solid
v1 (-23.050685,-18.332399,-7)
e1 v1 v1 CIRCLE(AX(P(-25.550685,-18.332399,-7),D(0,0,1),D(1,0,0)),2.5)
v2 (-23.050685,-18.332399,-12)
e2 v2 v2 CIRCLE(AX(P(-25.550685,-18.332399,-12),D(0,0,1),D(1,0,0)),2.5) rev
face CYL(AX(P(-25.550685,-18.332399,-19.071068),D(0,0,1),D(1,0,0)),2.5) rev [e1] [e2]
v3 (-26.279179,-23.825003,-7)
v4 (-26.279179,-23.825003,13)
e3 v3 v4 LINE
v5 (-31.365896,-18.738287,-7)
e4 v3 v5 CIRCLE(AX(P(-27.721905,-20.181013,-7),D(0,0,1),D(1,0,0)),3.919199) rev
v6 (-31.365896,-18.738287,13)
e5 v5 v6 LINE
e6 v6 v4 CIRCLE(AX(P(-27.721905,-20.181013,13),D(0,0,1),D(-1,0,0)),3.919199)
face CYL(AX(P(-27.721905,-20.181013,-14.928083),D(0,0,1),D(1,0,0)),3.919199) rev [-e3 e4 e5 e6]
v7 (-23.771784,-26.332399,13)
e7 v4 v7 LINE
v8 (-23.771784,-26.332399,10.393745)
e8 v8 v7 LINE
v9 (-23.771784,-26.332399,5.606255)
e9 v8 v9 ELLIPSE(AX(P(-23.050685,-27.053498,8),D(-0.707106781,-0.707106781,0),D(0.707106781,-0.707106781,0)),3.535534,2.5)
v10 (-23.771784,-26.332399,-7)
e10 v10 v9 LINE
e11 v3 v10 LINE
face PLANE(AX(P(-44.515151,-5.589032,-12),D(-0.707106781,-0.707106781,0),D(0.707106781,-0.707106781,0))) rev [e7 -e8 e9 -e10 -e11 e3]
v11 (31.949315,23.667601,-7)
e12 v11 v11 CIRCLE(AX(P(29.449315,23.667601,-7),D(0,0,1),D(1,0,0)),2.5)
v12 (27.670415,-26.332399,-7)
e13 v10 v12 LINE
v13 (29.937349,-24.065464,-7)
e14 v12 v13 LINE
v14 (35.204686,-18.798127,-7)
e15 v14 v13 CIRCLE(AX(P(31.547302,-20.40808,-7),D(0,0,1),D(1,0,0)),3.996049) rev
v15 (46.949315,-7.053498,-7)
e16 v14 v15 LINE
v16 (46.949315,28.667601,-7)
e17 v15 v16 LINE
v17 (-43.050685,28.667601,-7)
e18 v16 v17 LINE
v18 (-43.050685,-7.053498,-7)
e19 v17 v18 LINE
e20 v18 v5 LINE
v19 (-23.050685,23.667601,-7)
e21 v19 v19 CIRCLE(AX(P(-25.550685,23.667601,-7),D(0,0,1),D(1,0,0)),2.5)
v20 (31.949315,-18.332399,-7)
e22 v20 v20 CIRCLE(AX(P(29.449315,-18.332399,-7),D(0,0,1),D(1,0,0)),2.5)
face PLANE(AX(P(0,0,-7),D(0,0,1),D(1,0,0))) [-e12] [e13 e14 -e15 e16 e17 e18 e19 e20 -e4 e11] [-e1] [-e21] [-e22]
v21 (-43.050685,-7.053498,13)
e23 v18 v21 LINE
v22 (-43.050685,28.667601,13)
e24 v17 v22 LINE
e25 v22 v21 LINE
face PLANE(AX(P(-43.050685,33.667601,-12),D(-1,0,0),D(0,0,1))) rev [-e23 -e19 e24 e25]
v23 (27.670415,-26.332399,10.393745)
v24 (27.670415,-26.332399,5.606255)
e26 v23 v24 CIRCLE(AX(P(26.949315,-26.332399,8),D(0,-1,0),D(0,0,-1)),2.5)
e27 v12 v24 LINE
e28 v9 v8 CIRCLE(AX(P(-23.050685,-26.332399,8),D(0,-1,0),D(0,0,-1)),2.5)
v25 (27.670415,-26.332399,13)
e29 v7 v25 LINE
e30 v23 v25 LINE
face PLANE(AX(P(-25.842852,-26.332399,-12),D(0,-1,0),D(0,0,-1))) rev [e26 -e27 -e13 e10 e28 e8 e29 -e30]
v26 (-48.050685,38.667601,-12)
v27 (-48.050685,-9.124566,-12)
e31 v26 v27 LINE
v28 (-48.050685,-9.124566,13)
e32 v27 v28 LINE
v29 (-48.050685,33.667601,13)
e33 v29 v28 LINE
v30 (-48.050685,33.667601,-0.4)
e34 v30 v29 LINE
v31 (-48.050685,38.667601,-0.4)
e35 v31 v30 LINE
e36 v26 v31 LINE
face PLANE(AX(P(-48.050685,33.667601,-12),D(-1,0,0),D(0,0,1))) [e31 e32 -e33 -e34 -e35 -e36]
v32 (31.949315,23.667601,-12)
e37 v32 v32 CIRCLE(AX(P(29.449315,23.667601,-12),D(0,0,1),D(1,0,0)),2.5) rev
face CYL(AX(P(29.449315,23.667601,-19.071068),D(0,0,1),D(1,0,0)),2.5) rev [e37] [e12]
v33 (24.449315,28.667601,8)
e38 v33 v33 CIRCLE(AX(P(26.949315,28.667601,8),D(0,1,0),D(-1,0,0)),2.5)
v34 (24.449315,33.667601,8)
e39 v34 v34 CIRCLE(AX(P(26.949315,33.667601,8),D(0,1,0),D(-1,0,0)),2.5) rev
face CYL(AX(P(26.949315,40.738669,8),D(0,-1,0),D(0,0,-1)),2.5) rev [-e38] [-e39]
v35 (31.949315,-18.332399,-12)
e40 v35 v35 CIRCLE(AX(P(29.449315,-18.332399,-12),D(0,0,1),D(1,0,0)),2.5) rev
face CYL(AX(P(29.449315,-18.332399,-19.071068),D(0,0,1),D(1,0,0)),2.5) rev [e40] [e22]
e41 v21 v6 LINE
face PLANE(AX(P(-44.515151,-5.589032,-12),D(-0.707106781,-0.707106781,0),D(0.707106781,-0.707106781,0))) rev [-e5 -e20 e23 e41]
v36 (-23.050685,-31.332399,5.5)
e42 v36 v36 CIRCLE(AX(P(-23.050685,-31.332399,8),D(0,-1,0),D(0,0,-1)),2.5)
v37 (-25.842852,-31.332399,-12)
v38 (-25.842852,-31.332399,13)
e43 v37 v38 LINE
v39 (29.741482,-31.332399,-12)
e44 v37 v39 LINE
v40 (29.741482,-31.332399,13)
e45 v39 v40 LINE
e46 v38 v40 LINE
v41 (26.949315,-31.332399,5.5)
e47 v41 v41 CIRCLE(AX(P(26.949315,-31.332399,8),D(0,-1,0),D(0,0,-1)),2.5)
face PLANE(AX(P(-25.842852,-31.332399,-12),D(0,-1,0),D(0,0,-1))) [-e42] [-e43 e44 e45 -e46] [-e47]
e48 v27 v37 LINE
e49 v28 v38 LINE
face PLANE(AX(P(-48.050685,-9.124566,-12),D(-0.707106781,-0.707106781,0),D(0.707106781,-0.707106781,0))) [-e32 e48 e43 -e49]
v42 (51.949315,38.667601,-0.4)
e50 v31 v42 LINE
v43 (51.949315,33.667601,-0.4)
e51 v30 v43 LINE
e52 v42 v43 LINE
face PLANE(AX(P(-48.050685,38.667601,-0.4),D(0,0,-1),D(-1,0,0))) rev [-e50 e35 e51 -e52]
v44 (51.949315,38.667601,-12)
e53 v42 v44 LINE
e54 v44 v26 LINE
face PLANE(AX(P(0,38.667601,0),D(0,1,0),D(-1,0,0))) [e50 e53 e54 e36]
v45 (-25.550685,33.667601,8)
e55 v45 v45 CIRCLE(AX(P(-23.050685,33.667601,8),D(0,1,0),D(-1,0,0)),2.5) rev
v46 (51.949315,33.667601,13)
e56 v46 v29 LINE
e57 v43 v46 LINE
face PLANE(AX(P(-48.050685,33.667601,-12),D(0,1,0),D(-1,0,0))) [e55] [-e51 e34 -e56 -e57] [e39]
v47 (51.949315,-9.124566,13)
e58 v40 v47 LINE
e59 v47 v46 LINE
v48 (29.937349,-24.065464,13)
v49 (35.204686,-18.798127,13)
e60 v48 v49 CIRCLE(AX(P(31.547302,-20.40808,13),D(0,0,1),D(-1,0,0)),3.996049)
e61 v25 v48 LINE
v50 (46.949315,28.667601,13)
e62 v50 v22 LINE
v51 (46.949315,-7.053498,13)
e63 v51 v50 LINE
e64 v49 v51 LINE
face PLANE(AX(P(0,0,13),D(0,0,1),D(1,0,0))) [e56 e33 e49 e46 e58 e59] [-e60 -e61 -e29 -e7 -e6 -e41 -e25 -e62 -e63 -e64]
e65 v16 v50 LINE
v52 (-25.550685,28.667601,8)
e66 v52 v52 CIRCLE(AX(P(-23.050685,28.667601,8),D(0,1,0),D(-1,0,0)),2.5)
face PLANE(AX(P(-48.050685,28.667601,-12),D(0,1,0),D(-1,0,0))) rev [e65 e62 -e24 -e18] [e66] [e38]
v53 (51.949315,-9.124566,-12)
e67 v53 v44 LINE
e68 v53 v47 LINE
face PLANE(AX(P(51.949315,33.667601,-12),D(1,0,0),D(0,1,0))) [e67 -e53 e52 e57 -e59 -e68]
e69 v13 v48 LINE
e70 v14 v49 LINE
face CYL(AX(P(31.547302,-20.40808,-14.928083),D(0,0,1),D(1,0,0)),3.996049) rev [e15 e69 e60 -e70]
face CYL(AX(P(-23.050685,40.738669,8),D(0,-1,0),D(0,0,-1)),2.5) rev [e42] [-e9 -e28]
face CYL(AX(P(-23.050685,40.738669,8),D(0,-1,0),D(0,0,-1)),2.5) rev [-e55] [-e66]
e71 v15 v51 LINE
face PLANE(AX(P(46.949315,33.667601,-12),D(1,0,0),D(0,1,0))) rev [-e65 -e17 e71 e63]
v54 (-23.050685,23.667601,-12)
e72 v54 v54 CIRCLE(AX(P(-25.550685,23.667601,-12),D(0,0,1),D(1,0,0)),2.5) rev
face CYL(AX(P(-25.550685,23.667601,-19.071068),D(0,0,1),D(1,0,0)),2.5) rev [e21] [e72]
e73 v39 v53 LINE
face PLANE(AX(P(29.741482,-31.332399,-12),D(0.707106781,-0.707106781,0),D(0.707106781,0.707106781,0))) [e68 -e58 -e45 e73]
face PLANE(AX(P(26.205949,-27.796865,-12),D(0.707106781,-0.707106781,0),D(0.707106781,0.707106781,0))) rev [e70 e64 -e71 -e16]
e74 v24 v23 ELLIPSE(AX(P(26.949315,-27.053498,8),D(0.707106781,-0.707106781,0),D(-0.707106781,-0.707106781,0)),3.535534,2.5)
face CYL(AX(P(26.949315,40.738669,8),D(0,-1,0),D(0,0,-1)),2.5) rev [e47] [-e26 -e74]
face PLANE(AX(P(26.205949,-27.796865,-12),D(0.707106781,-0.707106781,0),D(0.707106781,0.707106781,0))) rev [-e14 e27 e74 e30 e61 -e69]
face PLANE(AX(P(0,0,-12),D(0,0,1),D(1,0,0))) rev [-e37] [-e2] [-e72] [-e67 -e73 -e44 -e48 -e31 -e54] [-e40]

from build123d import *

# Parameters (mm, degrees)
BOSS_EXTRU_1_DEPTH              = 13
BOSS_EXTRU_1_DEPTH_BACK         = 12
COQUE1_T                        = -5
ESQUISSE3_R                     = 2.5
ENL_V_MAT_EXTRU_2_DEPTH         = 65
ESQUISSE5_R                     = 2.5
ENL_V_MAT_EXTRU_3_DEPTH         = 5
R_P_TITION_LIN_AIRE1_COUNT      = 2
R_P_TITION_LIN_AIRE1_PITCH      = 55
R_P_TITION_LIN_AIRE1_COUNT_DIR2 = 2
R_P_TITION_LIN_AIRE1_PITCH_DIR2 = 42
ENL_V_MAT_EXTRU_4_DEPTH         = 20
ESQUISSE8_W                     = 100
ESQUISSE8_H                     = 11.6
BOSS_EXTRU_2_DEPTH              = 5


with BuildPart() as part:
    # Esquisse1 → Boss.-Extru.1 (new body, two sides)
    with BuildSketch(Plane.XY) as boss_extru_1_sk:
        Polygon((44.118436308, 33.667601464), (51.949315251, 33.667601464), (51.949315251, -9.124565742), (29.741482457, -31.332398536), (-25.842851955, -31.332398536), (-48.050684749, -9.124565742), (-48.050684749, 33.667601464), align=None)
    extrude(amount=BOSS_EXTRU_1_DEPTH)
    extrude(boss_extru_1_sk.sketch, amount=-BOSS_EXTRU_1_DEPTH_BACK)

    # Coque1
    coque1_openings = [part.faces().sort_by_distance(p)[0] for p in [
        (1.949315251, -2.263120938, 13),
    ]]
    offset(amount=COQUE1_T, openings=coque1_openings, kind=Kind.INTERSECTION)

    # Esquisse3 → Enlèv. mat.-Extru.2 (cut)
    with BuildSketch(Plane.XZ.offset(31.332398536)):
        with Locations((-23.050684749, 8)):
            Circle(ESQUISSE3_R)
        with Locations((26.949315251, 8)):
            Circle(ESQUISSE3_R)
    extrude(amount=-ENL_V_MAT_EXTRU_2_DEPTH, mode=Mode.SUBTRACT)

    # Esquisse5 → Enlèv. mat.-Extru.3 (cut)
    with BuildSketch(Plane.XY.offset(-7)):
        with Locations((-25.550684749, 23.667601464)):
            Circle(ESQUISSE5_R)
    enl_v_mat_extru_3 = extrude(amount=-ENL_V_MAT_EXTRU_3_DEPTH, mode=Mode.SUBTRACT)

    # Répétition linéaire1: Enl_v. mat.-Extru.3 2 × 2
    with Locations(*[(i * R_P_TITION_LIN_AIRE1_PITCH, -j * R_P_TITION_LIN_AIRE1_PITCH_DIR2, 0) for i in range(R_P_TITION_LIN_AIRE1_COUNT) for j in range(R_P_TITION_LIN_AIRE1_COUNT_DIR2) if (i, j) != (0, 0)]):
        add(enl_v_mat_extru_3, mode=Mode.SUBTRACT)

    # Esquisse6 → Enlèv. mat.-Extru.4 (cut)
    with BuildSketch(Plane.XY.offset(13)):
        with BuildLine():
            Line((35.20468587, -18.798127311), (29.937348937, -24.065464245))
            ThreePointArc((29.937348937, -24.065464245), (34.372934866, -23.23371324), (35.20468587, -18.798127311))
        make_face()
        with BuildLine():
            Line((-31.365895508, -18.738287171), (-26.27917923, -23.825003449))
            ThreePointArc((-26.27917923, -23.825003449), (-30.493197573, -22.952305514), (-31.365895508, -18.738287171))
        make_face()
    extrude(amount=-ENL_V_MAT_EXTRU_4_DEPTH, mode=Mode.SUBTRACT)

    # Esquisse8 → Boss.-Extru.2 (add)
    with BuildSketch(Plane(origin=(0, 33.667601464, 0), x_dir=(1, 0, 0), z_dir=(0, 1, 0))):
        with Locations((1.949315251, 6.2)):
            Rectangle(ESQUISSE8_W, ESQUISSE8_H)
    extrude(amount=BOSS_EXTRU_2_DEPTH)


solid = part.part
